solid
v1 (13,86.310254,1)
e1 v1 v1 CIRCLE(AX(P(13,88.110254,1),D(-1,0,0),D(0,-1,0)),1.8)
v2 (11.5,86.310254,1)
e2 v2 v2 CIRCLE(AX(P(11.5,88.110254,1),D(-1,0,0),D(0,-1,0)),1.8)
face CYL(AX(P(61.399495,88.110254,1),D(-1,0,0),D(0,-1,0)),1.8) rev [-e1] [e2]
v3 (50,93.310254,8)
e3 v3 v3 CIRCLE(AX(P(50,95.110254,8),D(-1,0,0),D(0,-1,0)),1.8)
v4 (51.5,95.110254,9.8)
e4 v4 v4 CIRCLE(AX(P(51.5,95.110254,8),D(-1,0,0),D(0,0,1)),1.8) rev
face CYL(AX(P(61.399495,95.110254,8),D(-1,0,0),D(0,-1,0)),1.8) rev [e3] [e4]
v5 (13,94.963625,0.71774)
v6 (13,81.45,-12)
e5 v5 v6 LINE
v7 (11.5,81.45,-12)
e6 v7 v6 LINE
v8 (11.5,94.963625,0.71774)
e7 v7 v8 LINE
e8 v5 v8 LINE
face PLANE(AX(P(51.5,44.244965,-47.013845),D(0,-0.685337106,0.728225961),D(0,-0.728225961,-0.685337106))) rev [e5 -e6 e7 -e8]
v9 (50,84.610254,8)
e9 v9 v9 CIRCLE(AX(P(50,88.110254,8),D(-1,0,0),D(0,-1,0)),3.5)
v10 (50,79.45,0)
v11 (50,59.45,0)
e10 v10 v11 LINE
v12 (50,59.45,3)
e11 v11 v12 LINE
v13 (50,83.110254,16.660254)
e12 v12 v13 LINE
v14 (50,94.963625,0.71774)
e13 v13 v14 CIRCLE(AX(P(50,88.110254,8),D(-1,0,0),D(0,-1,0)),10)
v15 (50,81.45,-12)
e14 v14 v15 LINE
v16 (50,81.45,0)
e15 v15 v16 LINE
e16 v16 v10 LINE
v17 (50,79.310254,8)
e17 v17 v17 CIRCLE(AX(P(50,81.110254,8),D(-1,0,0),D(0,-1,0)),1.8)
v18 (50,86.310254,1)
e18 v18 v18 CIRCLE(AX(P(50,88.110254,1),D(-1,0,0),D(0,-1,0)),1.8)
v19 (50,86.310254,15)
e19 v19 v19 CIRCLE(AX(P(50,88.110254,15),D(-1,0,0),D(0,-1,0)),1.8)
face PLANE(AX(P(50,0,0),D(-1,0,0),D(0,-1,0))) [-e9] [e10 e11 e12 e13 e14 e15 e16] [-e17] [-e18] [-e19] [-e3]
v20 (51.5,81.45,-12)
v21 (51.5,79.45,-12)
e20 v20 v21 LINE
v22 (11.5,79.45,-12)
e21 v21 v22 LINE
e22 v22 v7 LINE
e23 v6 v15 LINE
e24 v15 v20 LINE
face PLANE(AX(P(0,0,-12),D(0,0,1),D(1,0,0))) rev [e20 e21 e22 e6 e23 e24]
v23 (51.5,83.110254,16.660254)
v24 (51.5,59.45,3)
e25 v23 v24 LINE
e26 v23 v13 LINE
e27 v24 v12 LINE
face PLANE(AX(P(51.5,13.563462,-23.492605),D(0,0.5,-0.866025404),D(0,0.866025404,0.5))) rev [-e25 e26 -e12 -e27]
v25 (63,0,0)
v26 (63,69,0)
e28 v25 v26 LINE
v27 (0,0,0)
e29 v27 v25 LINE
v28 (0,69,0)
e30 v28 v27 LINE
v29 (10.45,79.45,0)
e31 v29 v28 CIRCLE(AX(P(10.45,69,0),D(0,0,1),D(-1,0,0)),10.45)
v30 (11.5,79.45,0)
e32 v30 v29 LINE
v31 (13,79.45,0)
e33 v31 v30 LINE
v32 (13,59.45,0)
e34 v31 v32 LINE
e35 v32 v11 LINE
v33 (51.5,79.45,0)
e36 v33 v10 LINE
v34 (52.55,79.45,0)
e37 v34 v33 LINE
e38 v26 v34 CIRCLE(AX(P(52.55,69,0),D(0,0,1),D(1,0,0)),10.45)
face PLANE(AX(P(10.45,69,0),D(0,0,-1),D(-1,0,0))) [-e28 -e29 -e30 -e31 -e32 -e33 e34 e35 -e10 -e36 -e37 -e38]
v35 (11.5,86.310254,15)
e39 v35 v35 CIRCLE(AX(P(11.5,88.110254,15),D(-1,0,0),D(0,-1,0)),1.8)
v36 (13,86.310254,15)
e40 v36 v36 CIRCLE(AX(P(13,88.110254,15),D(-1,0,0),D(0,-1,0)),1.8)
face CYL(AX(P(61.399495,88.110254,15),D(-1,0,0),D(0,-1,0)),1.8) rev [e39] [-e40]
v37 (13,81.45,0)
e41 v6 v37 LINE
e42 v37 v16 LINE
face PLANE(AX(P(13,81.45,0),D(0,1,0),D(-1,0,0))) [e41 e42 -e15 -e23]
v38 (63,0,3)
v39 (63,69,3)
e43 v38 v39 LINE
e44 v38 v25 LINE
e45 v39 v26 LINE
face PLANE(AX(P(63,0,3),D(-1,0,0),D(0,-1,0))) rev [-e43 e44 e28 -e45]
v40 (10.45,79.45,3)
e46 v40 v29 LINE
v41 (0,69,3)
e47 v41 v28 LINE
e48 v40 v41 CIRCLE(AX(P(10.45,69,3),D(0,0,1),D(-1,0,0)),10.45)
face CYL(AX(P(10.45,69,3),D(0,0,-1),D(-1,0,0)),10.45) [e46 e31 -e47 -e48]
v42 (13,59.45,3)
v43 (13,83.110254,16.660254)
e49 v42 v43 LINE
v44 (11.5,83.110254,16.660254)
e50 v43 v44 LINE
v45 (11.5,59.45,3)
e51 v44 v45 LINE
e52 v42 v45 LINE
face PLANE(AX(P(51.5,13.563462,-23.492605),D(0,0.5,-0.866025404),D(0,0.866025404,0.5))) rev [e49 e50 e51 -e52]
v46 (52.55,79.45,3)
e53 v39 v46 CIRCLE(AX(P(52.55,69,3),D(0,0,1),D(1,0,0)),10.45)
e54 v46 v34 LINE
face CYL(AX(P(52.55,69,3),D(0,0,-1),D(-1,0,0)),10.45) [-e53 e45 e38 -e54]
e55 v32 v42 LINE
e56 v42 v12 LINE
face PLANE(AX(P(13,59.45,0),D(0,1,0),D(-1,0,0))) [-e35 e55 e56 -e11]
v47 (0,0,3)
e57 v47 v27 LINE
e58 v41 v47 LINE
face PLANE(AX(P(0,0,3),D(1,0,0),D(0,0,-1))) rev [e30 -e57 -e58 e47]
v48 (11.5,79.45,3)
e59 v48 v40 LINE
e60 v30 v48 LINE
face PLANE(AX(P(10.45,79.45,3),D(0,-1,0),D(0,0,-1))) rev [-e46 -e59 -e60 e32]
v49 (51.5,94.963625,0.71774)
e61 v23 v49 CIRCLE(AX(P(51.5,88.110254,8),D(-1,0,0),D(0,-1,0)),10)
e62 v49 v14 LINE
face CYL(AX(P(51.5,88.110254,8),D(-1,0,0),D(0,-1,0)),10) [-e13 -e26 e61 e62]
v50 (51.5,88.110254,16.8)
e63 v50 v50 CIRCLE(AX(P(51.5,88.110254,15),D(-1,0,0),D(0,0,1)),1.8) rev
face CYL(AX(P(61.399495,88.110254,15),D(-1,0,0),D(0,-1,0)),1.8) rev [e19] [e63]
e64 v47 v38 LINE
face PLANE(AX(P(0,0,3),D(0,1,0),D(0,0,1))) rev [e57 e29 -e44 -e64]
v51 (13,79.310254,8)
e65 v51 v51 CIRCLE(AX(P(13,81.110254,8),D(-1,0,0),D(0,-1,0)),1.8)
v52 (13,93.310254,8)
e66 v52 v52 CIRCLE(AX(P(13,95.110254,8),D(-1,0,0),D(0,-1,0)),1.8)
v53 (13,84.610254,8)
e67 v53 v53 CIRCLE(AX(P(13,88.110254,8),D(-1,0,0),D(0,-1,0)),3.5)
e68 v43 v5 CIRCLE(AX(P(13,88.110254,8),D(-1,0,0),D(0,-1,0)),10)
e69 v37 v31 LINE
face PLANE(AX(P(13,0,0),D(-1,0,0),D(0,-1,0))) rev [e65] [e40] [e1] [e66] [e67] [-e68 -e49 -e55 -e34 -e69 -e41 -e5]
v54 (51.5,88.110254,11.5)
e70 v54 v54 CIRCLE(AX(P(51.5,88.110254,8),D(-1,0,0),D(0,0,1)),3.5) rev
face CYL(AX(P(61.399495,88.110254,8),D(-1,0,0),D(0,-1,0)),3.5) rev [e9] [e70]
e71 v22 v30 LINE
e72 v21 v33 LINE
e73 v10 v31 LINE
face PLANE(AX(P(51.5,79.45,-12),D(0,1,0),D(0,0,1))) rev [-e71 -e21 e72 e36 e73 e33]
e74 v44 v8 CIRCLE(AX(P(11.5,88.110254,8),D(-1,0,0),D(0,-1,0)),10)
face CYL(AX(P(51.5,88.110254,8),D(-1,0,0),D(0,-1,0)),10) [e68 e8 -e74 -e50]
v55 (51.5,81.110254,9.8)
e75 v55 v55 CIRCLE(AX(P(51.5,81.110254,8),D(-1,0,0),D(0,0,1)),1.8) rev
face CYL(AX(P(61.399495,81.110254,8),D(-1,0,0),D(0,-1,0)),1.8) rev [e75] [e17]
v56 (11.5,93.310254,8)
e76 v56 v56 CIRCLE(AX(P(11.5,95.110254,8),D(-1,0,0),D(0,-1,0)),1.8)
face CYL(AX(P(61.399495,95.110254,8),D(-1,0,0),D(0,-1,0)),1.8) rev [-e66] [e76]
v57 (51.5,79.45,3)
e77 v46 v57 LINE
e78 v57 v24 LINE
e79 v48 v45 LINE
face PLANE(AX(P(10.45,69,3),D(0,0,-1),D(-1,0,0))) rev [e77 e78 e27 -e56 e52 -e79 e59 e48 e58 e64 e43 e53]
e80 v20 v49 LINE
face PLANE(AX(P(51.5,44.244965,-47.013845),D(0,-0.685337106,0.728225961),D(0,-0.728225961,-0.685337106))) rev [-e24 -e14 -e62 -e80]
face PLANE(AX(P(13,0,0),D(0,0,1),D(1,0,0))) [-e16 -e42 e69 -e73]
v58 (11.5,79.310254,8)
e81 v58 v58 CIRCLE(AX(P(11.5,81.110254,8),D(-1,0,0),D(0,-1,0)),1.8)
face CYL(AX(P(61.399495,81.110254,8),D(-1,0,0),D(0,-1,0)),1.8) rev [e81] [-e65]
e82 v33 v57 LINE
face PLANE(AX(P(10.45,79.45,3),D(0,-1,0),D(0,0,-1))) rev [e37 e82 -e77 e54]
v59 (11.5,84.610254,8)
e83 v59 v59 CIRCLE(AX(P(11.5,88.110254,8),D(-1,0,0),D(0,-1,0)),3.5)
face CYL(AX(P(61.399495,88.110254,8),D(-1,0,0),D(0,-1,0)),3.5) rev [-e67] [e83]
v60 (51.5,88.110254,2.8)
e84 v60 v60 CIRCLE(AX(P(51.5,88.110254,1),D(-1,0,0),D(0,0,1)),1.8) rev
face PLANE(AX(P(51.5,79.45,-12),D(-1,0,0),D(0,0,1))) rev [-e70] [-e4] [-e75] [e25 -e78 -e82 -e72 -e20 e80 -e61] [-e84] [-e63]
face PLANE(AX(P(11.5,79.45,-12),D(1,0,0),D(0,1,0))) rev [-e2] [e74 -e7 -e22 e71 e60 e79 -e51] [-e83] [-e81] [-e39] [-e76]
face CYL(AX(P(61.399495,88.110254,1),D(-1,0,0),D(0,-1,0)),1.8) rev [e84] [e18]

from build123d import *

# Parameters (mm, degrees)
EXTRUDE_1_DEPTH          = 3
SKETCH_13_W              = 40
SKETCH_13_H              = 2
EXTRUDE_3_DEPTH          = 15
EXTRUDE_4_DEPTH          = 20
EXTRUDE_4_DEPTH_BACK     = 20
CUT_EXTRUDE_6_DEPTH      = 18.5
CUT_EXTRUDE_6_DEPTH_BACK = 18.5
CUT_EXTRUDE_7_REACH      = 114.258
SKETCH_16_R              = 1.8
SKETCH_16_R_2            = 3.5


with BuildPart() as part:
    # 草图2 → 凸台-拉伸1 (new body)
    with BuildSketch(Plane.XY):
        with BuildLine():
            Line((0, 0), (63, 0))
            Line((63, 0), (63, 69))
            ThreePointArc((63, 69), (59.939265863, 76.389265863), (52.55, 79.45))
            Line((52.55, 79.45), (10.45, 79.45))
            ThreePointArc((10.45, 79.45), (3.060734137, 76.389265863), (0, 69))
            Line((0, 69), (0, 0))
        make_face()
    extrude(amount=EXTRUDE_1_DEPTH)

    # 草图13 → 凸台-拉伸3 (add)
    with BuildSketch(Plane(origin=(0, 0, 3), x_dir=(-1, 0, 0), z_dir=(0, 0, -1))):
        with Locations((-31.5, 80.45)):
            Rectangle(SKETCH_13_W, SKETCH_13_H)
    extrude(amount=EXTRUDE_3_DEPTH)

    # 草图14 → 凸台-拉伸4 (add, two sides: drawn at the far end of the back side and taken through both)
    with BuildSketch(Plane.ZY.offset(-31.5).offset(-EXTRUDE_4_DEPTH_BACK)):
        with BuildLine():
            ThreePointArc((3, 79.45), (10.588190451, 78.450995775), (16.660254038, 83.110254038))
            ThreePointArc((16.660254038, 83.110254038), (17.659258263, 85.522063587), (18, 88.110254038))
            ThreePointArc((18, 88.110254038), (11.686285655, 97.406021788), (0.717740386, 94.9636251))
            ThreePointArc((0.717740386, 94.9636251), (-1.999142036, 88.241244641), (0.540709407, 81.45))
            Line((0.540709407, 81.45), (3, 81.45))
            Line((3, 81.45), (3, 79.45))
        make_face()
        with BuildLine():
            ThreePointArc((0.540709407, 81.45), (1.690603791, 80.351934666), (3, 79.45))
            Line((3, 79.45), (3, 81.45))
            Line((3, 81.45), (0.540709407, 81.45))
        make_face()
        with BuildLine():
            ThreePointArc((0.540709407, 81.45), (-1.999142036, 88.241244641), (0.717740386, 94.9636251))
            Line((0.717740386, 94.9636251), (-12, 81.45))
            Line((-12, 81.45), (0.540709407, 81.45))
        make_face()
        with BuildLine():
            Line((3, 59.45), (16.660254038, 83.110254038))
            ThreePointArc((16.660254038, 83.110254038), (10.588190451, 78.450995775), (3, 79.45))
            Line((3, 79.45), (3, 59.45))
        make_face()
    extrude(amount=EXTRUDE_4_DEPTH + EXTRUDE_4_DEPTH_BACK)

    # 草图15 → 切除-拉伸6 (cut, two sides: drawn at the far end of the back side and taken through both)
    with BuildSketch(Plane.ZY.offset(-31.5).offset(-CUT_EXTRUDE_6_DEPTH_BACK)):
        with BuildLine():
            Line((0, 59.45), (3, 59.45))
            Line((3, 59.45), (16.660254038, 83.110254038))
            ThreePointArc((16.660254038, 83.110254038), (13.96660025, 96.13519525), (0.717740386, 94.9636251))
            Line((0.717740386, 94.9636251), (-12, 81.45))
            Line((-12, 81.45), (0, 81.45))
            Line((0, 81.45), (0, 59.45))
        make_face()
    extrude(amount=CUT_EXTRUDE_6_DEPTH + CUT_EXTRUDE_6_DEPTH_BACK, mode=Mode.SUBTRACT)

    # 切除-拉伸7: up to this face of the body (flat: up to its plane)
    cut_extrude_7_end = Plane(part.part.faces().sort_by_distance((51.5, 84.002247989, 5.535309017))[0])
    # 草图16 → 切除-拉伸7 (cut, up to the picked face)
    with BuildSketch(Plane.ZY.offset(-11.5), mode=Mode.PRIVATE) as cut_extrude_7_sk1:
        with Locations(Location((8, 95.110254038, 0), (0, 0, 270))):
            Circle(SKETCH_16_R)
    cut_extrude_7_tool1 = split(extrude(cut_extrude_7_sk1.sketch, amount=-CUT_EXTRUDE_7_REACH, mode=Mode.PRIVATE), bisect_by=cut_extrude_7_end, keep=Keep.BOTH, mode=Mode.PRIVATE)
    # 草图16 → 切除-拉伸7 (cut, up to the picked face)
    with BuildSketch(Plane.ZY.offset(-11.5), mode=Mode.PRIVATE) as cut_extrude_7_sk2:
        with Locations(Location((15, 88.110254038, 0), (0, 0, 270))):
            Circle(SKETCH_16_R)
    cut_extrude_7_tool2 = split(extrude(cut_extrude_7_sk2.sketch, amount=-CUT_EXTRUDE_7_REACH, mode=Mode.PRIVATE), bisect_by=cut_extrude_7_end, keep=Keep.BOTH, mode=Mode.PRIVATE)
    # 草图16 → 切除-拉伸7 (cut, up to the picked face)
    with BuildSketch(Plane.ZY.offset(-11.5), mode=Mode.PRIVATE) as cut_extrude_7_sk3:
        with Locations(Location((8, 81.110254038, 0), (0, 0, 270))):
            Circle(SKETCH_16_R)
    cut_extrude_7_tool3 = split(extrude(cut_extrude_7_sk3.sketch, amount=-CUT_EXTRUDE_7_REACH, mode=Mode.PRIVATE), bisect_by=cut_extrude_7_end, keep=Keep.BOTH, mode=Mode.PRIVATE)
    # 草图16 → 切除-拉伸7 (cut, up to the picked face)
    with BuildSketch(Plane.ZY.offset(-11.5), mode=Mode.PRIVATE) as cut_extrude_7_sk4:
        with Locations(Location((1, 88.110254038, 0), (0, 0, 270))):
            Circle(SKETCH_16_R)
    cut_extrude_7_tool4 = split(extrude(cut_extrude_7_sk4.sketch, amount=-CUT_EXTRUDE_7_REACH, mode=Mode.PRIVATE), bisect_by=cut_extrude_7_end, keep=Keep.BOTH, mode=Mode.PRIVATE)
    # 草图16 → 切除-拉伸7 (cut, up to the picked face)
    with BuildSketch(Plane.ZY.offset(-11.5), mode=Mode.PRIVATE) as cut_extrude_7_sk5:
        with Locations(Location((8, 88.110254038, 0), (0, 0, 270))):
            Circle(SKETCH_16_R_2)
    cut_extrude_7_tool5 = split(extrude(cut_extrude_7_sk5.sketch, amount=-CUT_EXTRUDE_7_REACH, mode=Mode.PRIVATE), bisect_by=cut_extrude_7_end, keep=Keep.BOTH, mode=Mode.PRIVATE)
    add(cut_extrude_7_tool1.solids().sort_by(Axis((11.5, 95.110254, 8), (1, 0, 0)))[0], mode=Mode.SUBTRACT)
    add(cut_extrude_7_tool2.solids().sort_by(Axis((11.5, 88.110254, 15), (1, 0, 0)))[0], mode=Mode.SUBTRACT)
    add(cut_extrude_7_tool3.solids().sort_by(Axis((11.5, 81.110254, 8), (1, 0, 0)))[0], mode=Mode.SUBTRACT)
    add(cut_extrude_7_tool4.solids().sort_by(Axis((11.5, 88.110254, 1), (1, 0, 0)))[0], mode=Mode.SUBTRACT)
    add(cut_extrude_7_tool5.solids().sort_by(Axis((11.5, 88.110254, 8), (1, 0, 0)))[0], mode=Mode.SUBTRACT)


solid = part.part
